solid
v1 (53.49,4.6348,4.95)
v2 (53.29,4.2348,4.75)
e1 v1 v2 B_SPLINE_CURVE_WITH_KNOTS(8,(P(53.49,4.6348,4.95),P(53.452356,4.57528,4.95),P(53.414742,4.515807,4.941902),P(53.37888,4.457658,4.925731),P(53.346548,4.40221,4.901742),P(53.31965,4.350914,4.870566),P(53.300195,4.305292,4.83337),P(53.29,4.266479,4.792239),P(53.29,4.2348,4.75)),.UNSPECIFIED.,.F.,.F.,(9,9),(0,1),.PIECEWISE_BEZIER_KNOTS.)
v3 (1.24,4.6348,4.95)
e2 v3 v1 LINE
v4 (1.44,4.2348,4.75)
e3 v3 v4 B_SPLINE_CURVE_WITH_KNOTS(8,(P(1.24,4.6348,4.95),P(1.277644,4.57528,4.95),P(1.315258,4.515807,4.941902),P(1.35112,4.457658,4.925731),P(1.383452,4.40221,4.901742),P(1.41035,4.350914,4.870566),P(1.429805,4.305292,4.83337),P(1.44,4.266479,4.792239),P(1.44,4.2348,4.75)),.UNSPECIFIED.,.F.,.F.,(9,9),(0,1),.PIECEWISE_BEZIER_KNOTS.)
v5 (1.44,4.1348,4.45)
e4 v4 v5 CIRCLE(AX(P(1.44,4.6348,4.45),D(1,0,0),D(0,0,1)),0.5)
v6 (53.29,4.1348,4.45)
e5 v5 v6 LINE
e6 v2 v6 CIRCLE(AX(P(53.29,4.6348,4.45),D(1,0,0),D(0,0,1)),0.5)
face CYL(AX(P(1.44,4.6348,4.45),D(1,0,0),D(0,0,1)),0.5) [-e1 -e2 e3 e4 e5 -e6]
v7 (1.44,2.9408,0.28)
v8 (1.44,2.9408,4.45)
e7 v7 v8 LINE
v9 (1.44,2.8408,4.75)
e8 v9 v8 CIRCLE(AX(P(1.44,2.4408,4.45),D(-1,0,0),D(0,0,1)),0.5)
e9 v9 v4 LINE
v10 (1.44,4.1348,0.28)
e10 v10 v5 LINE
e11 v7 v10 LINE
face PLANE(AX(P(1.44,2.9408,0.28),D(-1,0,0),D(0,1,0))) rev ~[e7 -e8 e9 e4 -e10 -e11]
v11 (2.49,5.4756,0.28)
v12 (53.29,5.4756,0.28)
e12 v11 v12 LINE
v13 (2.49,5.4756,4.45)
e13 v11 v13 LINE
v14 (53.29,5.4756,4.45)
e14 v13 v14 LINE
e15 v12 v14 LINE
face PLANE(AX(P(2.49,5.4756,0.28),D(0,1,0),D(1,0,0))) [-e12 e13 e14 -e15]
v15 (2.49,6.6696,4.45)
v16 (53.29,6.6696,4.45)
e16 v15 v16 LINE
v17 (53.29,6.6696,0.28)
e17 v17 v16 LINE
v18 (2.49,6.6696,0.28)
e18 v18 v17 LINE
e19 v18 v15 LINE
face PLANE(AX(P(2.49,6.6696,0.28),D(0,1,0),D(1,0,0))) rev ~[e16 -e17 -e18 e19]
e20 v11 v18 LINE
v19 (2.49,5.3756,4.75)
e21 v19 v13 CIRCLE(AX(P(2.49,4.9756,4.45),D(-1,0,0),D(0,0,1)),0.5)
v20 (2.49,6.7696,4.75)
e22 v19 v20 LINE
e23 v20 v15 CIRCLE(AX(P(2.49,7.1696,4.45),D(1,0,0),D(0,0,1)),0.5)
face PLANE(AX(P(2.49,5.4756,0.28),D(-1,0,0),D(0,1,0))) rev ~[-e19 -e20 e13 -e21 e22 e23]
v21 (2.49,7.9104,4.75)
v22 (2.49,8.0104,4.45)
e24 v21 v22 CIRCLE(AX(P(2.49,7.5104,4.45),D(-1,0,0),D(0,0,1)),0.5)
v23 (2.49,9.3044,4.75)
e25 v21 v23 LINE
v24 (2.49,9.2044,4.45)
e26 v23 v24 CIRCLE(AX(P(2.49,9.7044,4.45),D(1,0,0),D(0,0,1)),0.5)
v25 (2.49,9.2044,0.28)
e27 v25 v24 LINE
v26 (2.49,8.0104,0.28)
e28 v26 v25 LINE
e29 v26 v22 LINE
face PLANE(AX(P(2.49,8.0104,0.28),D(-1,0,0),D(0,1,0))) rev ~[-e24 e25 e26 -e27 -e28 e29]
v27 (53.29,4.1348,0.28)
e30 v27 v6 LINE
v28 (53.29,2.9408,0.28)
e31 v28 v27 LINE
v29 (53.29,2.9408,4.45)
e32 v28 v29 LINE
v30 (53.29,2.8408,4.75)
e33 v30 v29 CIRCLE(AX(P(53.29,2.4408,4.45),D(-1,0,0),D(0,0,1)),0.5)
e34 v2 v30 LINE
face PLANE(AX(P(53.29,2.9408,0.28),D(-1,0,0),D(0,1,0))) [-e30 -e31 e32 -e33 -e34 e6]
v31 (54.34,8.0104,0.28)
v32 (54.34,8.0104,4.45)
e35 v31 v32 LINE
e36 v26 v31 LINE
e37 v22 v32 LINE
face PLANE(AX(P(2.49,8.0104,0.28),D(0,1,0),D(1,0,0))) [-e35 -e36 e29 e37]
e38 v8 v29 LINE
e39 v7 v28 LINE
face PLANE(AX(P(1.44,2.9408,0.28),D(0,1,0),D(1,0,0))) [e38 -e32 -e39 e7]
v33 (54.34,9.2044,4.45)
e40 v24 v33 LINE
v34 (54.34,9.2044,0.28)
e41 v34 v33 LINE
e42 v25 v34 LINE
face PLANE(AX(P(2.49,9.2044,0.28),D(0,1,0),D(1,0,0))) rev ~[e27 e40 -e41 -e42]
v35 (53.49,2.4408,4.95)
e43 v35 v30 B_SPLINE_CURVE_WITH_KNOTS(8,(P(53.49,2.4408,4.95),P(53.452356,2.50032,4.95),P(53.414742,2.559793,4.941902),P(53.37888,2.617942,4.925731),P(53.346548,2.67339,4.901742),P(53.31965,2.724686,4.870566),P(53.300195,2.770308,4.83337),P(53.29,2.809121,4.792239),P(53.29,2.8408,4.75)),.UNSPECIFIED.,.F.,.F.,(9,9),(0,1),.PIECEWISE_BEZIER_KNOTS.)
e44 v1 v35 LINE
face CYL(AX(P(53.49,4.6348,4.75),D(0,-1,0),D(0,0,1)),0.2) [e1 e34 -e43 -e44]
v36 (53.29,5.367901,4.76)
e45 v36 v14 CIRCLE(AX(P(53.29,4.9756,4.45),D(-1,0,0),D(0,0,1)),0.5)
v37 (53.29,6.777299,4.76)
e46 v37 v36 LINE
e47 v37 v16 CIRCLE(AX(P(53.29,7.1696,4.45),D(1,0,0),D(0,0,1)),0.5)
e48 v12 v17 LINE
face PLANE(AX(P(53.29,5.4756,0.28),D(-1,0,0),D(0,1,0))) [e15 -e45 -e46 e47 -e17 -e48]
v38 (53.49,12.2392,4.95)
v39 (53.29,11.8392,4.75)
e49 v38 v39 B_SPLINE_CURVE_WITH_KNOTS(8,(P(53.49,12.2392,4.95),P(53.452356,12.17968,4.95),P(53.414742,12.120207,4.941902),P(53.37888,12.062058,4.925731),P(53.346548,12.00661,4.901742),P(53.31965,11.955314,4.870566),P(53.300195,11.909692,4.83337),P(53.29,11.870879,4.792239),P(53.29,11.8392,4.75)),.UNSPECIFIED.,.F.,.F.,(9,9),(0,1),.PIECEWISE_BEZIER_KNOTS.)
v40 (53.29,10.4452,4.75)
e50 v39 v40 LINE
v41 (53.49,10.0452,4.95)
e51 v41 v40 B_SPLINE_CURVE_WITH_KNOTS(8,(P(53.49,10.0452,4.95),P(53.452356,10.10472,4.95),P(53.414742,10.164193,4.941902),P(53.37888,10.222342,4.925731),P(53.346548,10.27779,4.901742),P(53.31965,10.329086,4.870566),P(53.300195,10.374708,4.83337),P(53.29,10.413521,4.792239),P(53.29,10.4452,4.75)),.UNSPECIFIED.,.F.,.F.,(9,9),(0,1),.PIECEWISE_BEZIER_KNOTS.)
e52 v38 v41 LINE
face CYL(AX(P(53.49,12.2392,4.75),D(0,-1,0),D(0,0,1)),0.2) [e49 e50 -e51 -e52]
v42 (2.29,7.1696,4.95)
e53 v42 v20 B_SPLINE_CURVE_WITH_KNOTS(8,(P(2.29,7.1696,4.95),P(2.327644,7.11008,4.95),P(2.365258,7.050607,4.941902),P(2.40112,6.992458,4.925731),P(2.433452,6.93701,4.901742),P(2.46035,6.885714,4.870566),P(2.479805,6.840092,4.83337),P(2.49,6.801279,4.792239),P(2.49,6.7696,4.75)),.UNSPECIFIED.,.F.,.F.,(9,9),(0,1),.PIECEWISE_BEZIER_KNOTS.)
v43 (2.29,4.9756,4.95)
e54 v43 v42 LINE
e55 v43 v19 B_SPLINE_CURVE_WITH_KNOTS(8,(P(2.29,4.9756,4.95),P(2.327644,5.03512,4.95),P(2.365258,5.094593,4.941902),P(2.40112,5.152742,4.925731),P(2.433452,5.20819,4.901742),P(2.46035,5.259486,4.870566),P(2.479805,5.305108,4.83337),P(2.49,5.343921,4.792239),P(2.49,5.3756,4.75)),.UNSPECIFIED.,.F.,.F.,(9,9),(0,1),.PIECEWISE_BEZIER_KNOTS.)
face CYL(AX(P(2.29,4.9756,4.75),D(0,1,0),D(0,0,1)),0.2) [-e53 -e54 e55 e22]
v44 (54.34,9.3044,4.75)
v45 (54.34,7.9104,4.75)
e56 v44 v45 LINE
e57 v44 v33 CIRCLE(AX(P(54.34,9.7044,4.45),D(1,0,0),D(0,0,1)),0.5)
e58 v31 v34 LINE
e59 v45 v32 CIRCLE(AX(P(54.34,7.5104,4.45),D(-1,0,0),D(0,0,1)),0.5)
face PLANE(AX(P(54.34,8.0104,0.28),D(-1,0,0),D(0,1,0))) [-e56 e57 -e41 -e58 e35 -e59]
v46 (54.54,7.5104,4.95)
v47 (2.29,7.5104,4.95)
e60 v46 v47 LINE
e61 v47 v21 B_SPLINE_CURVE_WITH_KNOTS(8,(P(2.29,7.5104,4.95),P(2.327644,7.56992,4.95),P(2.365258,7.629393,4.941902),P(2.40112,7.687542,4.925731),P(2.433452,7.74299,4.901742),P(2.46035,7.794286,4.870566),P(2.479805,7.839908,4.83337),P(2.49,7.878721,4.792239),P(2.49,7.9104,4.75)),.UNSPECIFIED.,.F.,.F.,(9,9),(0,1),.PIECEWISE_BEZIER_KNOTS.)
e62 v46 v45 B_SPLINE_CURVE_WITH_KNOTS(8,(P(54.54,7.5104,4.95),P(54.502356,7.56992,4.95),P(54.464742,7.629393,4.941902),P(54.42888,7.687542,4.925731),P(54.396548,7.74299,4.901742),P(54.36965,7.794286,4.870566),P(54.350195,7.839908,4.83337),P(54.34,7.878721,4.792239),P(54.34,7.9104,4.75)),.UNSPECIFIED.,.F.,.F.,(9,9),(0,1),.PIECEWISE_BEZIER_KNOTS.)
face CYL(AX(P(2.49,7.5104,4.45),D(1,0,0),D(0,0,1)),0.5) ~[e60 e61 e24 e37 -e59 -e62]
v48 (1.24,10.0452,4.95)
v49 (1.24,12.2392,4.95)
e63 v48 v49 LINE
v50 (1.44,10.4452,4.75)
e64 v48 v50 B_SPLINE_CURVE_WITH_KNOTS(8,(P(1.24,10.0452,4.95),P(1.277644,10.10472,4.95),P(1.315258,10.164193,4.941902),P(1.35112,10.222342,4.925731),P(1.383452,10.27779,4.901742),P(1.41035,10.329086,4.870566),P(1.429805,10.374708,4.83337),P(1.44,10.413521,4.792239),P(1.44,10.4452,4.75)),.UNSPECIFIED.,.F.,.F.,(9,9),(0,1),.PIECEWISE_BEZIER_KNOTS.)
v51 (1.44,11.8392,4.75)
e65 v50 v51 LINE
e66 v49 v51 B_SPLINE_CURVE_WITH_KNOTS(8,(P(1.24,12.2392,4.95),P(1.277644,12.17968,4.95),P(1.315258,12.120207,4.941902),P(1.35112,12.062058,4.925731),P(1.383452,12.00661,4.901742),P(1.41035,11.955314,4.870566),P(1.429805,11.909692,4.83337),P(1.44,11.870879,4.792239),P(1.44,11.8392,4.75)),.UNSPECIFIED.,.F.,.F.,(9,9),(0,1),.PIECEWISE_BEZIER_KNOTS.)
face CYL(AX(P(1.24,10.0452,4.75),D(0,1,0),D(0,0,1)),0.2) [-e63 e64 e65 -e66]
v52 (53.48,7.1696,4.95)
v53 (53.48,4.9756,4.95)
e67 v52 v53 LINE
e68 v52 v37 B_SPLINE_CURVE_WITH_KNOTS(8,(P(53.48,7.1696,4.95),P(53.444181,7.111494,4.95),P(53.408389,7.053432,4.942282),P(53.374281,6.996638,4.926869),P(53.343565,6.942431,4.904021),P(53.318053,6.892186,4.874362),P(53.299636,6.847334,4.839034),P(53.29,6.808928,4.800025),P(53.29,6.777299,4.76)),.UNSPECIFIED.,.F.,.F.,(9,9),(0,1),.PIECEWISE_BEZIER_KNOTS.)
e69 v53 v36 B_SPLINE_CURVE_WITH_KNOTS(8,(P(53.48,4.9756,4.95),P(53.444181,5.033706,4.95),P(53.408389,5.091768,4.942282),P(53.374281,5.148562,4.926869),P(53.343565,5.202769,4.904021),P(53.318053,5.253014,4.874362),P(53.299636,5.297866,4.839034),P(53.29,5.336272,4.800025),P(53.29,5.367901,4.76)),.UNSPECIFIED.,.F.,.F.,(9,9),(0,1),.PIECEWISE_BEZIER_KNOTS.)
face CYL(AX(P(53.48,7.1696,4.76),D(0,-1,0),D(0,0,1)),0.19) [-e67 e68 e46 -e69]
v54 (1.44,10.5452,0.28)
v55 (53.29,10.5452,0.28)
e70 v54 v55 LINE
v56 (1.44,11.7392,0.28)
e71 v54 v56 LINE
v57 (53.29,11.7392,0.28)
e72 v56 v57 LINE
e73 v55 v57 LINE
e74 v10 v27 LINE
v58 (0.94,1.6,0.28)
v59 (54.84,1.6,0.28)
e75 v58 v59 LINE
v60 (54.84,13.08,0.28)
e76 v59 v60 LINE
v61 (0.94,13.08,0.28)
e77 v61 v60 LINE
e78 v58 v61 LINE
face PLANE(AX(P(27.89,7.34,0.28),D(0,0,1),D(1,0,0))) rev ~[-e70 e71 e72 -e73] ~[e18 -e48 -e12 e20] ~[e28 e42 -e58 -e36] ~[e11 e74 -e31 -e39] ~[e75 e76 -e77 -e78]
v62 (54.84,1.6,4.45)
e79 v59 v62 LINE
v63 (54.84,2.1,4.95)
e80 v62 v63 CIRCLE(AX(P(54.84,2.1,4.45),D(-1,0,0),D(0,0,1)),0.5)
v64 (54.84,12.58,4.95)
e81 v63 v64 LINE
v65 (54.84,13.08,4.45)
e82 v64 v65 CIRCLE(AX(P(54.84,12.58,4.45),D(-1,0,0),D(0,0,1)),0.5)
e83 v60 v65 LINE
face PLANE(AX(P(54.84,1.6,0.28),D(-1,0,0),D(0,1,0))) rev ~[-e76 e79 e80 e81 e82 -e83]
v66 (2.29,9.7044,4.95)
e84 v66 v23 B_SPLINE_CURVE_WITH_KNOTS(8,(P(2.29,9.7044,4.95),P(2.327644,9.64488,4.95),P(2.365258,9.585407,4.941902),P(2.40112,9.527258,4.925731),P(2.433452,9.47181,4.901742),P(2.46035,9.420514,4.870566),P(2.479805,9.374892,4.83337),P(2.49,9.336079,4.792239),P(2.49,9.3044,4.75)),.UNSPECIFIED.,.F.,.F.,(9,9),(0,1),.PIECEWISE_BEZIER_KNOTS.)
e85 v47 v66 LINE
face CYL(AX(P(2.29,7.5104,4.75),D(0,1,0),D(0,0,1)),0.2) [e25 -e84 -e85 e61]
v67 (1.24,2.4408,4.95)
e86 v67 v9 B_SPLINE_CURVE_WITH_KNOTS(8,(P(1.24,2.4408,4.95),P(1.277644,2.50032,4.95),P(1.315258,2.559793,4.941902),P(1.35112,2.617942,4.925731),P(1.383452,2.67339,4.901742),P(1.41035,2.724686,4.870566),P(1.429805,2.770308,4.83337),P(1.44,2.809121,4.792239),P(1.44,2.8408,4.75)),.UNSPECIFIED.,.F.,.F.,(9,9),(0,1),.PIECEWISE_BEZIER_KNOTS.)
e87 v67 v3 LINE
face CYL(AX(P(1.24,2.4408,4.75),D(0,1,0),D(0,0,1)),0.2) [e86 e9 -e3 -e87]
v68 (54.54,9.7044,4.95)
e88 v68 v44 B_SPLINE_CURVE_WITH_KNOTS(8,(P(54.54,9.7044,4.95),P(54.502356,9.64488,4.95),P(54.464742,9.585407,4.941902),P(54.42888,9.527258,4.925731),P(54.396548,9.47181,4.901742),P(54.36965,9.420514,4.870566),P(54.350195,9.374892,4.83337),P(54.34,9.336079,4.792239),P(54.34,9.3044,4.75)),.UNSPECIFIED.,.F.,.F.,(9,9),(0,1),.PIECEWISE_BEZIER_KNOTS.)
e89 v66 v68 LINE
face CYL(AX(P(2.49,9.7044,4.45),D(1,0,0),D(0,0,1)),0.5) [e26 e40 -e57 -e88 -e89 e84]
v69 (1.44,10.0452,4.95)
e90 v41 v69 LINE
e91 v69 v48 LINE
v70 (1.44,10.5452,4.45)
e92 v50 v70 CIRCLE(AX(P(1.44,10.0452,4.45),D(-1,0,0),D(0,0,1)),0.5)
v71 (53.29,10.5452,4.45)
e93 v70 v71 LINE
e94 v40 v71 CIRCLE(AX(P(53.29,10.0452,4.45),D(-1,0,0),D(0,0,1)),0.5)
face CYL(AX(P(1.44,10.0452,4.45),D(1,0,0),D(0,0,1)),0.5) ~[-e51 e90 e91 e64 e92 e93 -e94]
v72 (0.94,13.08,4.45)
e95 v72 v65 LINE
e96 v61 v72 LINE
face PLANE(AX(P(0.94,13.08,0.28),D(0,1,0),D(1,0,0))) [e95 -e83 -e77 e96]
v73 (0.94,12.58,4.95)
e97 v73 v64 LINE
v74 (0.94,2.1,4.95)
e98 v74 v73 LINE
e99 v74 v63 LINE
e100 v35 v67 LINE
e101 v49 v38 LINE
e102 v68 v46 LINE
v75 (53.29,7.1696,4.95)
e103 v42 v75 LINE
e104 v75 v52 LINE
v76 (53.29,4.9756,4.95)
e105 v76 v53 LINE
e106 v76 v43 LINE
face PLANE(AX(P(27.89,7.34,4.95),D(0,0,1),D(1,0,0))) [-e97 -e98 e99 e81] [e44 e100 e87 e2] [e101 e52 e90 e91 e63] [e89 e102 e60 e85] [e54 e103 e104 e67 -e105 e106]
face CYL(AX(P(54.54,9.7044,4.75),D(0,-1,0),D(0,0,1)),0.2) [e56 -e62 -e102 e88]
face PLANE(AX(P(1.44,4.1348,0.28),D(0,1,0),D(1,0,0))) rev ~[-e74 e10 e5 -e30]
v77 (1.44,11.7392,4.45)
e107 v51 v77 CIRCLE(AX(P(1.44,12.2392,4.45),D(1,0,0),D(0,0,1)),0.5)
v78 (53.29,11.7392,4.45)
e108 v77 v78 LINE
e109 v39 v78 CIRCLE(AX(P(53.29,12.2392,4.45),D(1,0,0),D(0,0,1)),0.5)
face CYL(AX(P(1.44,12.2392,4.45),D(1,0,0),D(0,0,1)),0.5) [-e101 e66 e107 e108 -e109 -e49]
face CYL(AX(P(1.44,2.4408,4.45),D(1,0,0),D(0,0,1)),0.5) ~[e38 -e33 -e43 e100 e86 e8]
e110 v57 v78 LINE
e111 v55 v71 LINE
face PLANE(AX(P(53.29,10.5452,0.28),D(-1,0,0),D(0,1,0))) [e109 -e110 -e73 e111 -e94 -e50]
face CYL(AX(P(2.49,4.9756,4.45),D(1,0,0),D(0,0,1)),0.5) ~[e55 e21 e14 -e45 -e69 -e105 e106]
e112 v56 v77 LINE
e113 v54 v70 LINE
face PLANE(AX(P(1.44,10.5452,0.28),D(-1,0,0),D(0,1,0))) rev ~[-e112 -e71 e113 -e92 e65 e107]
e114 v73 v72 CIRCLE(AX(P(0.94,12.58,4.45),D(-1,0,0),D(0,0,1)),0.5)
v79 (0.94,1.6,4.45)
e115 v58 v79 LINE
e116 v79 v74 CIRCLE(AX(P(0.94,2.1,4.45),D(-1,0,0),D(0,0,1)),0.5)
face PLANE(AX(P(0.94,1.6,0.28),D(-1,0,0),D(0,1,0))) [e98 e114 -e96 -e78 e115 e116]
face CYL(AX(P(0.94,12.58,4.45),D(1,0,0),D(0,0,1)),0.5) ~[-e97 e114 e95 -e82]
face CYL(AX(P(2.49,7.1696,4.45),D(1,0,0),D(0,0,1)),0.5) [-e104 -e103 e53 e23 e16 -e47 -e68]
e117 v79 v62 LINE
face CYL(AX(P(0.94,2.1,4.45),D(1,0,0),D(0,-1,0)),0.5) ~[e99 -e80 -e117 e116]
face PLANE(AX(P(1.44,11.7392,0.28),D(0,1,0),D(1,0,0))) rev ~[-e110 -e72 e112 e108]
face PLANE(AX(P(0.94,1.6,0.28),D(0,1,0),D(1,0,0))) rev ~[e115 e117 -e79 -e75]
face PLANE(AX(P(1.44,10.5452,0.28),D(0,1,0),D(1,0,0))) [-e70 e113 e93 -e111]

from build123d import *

# Parameters (mm, degrees)
SKETCH003_W   = 53.9
SKETCH003_H   = 11.48
SKETCH003_W_2 = 51.85
SKETCH003_H_2 = 1.194
SKETCH003_W_3 = 50.8
PAD001_DEPTH  = 4.67
FILLET_R      = 0.5
FILLET001_R   = 0.5
FILLET002_R   = 0.5
FILLET003_R   = 0.5
FILLET004_R   = 0.5
FILLET005_R   = 0.5
FILLET006_R   = 0.5
FILLET007_R   = 0.5
FILLET008_R   = 0.5
FILLET009_R   = 0.5
FILLET010_R   = 0.2
FILLET011_R   = 0.2
FILLET012_R   = 0.2
FILLET013_R   = 0.2
FILLET014_R   = 0.2
FILLET015_R   = 0.2
FILLET016_R   = 0.2
FILLET017_R   = 0.19


with BuildPart() as part:
    # Sketch003 → Pad001 (new body)
    with BuildSketch(Plane.XY.offset(0.28)):
        with Locations((27.89, 7.34)):
            Rectangle(SKETCH003_W, SKETCH003_H)
        with Locations((27.365, 11.1422)):
            Rectangle(SKETCH003_W_2, SKETCH003_H_2, mode=Mode.SUBTRACT)
        with Locations((28.415, 8.6074)):
            Rectangle(SKETCH003_W_2, SKETCH003_H_2, mode=Mode.SUBTRACT)
        with Locations((27.89, 6.0726)):
            Rectangle(SKETCH003_W_3, SKETCH003_H_2, mode=Mode.SUBTRACT)
        with Locations((27.365, 3.5378)):
            Rectangle(SKETCH003_W_2, SKETCH003_H_2, mode=Mode.SUBTRACT)
    extrude(amount=PAD001_DEPTH)

    # Fillet
    fillet_edges = [part.edges().sort_by_distance(p)[0] for p in [
        (27.89, 1.6, 4.95),
    ]]
    fillet(fillet_edges, radius=FILLET_R)

    # Fillet001
    fillet001_edges = [part.edges().sort_by_distance(p)[0] for p in [
        (27.365, 2.9408, 4.95),
    ]]
    fillet(fillet001_edges, radius=FILLET001_R)

    # Fillet002
    fillet002_edges = [part.edges().sort_by_distance(p)[0] for p in [
        (27.365, 4.1348, 4.95),
    ]]
    fillet(fillet002_edges, radius=FILLET002_R)

    # Fillet003
    fillet003_edges = [part.edges().sort_by_distance(p)[0] for p in [
        (27.89, 5.4756, 4.95),
    ]]
    fillet(fillet003_edges, radius=FILLET003_R)

    # Fillet004
    fillet004_edges = [part.edges().sort_by_distance(p)[0] for p in [
        (27.89, 6.6696, 4.95),
    ]]
    fillet(fillet004_edges, radius=FILLET004_R)

    # Fillet005
    fillet005_edges = [part.edges().sort_by_distance(p)[0] for p in [
        (28.415, 8.0104, 4.95),
    ]]
    fillet(fillet005_edges, radius=FILLET005_R)

    # Fillet006
    fillet006_edges = [part.edges().sort_by_distance(p)[0] for p in [
        (28.415, 9.2044, 4.95),
    ]]
    fillet(fillet006_edges, radius=FILLET006_R)

    # Fillet007
    fillet007_edges = [part.edges().sort_by_distance(p)[0] for p in [
        (27.365, 10.5452, 4.95),
    ]]
    fillet(fillet007_edges, radius=FILLET007_R)

    # Fillet008
    fillet008_edges = [part.edges().sort_by_distance(p)[0] for p in [
        (27.365, 11.7392, 4.95),
    ]]
    fillet(fillet008_edges, radius=FILLET008_R)

    # Fillet009
    fillet009_edges = [part.edges().sort_by_distance(p)[0] for p in [
        (27.89, 13.08, 4.95),
    ]]
    fillet(fillet009_edges, radius=FILLET009_R)

    # Fillet010
    fillet010_edges = [part.edges().sort_by_distance(p)[0] for p in [
        (53.29, 11.1422, 4.95),
    ]]
    fillet(fillet010_edges, radius=FILLET010_R)

    # Fillet011
    fillet011_edges = [part.edges().sort_by_distance(p)[0] for p in [
        (1.44, 11.1422, 4.95),
    ]]
    fillet(fillet011_edges, radius=FILLET011_R)

    # Fillet012
    fillet012_edges = [part.edges().sort_by_distance(p)[0] for p in [
        (2.49, 8.6074, 4.95),
    ]]
    fillet(fillet012_edges, radius=FILLET012_R)

    # Fillet013
    fillet013_edges = [part.edges().sort_by_distance(p)[0] for p in [
        (54.34, 8.6074, 4.95),
    ]]
    fillet(fillet013_edges, radius=FILLET013_R)

    # Fillet014
    fillet014_edges = [part.edges().sort_by_distance(p)[0] for p in [
        (2.49, 6.0726, 4.95),
    ]]
    fillet(fillet014_edges, radius=FILLET014_R)

    # Fillet015
    fillet015_edges = [part.edges().sort_by_distance(p)[0] for p in [
        (1.44, 3.5378, 4.95),
    ]]
    fillet(fillet015_edges, radius=FILLET015_R)

    # Fillet016
    fillet016_edges = [part.edges().sort_by_distance(p)[0] for p in [
        (53.29, 3.5378, 4.95),
    ]]
    fillet(fillet016_edges, radius=FILLET016_R)

    # Fillet017
    fillet017_edges = [part.edges().sort_by_distance(p)[0] for p in [
        (53.29, 6.0726, 4.95),
    ]]
    fillet(fillet017_edges, radius=FILLET017_R)


solid = part.part
